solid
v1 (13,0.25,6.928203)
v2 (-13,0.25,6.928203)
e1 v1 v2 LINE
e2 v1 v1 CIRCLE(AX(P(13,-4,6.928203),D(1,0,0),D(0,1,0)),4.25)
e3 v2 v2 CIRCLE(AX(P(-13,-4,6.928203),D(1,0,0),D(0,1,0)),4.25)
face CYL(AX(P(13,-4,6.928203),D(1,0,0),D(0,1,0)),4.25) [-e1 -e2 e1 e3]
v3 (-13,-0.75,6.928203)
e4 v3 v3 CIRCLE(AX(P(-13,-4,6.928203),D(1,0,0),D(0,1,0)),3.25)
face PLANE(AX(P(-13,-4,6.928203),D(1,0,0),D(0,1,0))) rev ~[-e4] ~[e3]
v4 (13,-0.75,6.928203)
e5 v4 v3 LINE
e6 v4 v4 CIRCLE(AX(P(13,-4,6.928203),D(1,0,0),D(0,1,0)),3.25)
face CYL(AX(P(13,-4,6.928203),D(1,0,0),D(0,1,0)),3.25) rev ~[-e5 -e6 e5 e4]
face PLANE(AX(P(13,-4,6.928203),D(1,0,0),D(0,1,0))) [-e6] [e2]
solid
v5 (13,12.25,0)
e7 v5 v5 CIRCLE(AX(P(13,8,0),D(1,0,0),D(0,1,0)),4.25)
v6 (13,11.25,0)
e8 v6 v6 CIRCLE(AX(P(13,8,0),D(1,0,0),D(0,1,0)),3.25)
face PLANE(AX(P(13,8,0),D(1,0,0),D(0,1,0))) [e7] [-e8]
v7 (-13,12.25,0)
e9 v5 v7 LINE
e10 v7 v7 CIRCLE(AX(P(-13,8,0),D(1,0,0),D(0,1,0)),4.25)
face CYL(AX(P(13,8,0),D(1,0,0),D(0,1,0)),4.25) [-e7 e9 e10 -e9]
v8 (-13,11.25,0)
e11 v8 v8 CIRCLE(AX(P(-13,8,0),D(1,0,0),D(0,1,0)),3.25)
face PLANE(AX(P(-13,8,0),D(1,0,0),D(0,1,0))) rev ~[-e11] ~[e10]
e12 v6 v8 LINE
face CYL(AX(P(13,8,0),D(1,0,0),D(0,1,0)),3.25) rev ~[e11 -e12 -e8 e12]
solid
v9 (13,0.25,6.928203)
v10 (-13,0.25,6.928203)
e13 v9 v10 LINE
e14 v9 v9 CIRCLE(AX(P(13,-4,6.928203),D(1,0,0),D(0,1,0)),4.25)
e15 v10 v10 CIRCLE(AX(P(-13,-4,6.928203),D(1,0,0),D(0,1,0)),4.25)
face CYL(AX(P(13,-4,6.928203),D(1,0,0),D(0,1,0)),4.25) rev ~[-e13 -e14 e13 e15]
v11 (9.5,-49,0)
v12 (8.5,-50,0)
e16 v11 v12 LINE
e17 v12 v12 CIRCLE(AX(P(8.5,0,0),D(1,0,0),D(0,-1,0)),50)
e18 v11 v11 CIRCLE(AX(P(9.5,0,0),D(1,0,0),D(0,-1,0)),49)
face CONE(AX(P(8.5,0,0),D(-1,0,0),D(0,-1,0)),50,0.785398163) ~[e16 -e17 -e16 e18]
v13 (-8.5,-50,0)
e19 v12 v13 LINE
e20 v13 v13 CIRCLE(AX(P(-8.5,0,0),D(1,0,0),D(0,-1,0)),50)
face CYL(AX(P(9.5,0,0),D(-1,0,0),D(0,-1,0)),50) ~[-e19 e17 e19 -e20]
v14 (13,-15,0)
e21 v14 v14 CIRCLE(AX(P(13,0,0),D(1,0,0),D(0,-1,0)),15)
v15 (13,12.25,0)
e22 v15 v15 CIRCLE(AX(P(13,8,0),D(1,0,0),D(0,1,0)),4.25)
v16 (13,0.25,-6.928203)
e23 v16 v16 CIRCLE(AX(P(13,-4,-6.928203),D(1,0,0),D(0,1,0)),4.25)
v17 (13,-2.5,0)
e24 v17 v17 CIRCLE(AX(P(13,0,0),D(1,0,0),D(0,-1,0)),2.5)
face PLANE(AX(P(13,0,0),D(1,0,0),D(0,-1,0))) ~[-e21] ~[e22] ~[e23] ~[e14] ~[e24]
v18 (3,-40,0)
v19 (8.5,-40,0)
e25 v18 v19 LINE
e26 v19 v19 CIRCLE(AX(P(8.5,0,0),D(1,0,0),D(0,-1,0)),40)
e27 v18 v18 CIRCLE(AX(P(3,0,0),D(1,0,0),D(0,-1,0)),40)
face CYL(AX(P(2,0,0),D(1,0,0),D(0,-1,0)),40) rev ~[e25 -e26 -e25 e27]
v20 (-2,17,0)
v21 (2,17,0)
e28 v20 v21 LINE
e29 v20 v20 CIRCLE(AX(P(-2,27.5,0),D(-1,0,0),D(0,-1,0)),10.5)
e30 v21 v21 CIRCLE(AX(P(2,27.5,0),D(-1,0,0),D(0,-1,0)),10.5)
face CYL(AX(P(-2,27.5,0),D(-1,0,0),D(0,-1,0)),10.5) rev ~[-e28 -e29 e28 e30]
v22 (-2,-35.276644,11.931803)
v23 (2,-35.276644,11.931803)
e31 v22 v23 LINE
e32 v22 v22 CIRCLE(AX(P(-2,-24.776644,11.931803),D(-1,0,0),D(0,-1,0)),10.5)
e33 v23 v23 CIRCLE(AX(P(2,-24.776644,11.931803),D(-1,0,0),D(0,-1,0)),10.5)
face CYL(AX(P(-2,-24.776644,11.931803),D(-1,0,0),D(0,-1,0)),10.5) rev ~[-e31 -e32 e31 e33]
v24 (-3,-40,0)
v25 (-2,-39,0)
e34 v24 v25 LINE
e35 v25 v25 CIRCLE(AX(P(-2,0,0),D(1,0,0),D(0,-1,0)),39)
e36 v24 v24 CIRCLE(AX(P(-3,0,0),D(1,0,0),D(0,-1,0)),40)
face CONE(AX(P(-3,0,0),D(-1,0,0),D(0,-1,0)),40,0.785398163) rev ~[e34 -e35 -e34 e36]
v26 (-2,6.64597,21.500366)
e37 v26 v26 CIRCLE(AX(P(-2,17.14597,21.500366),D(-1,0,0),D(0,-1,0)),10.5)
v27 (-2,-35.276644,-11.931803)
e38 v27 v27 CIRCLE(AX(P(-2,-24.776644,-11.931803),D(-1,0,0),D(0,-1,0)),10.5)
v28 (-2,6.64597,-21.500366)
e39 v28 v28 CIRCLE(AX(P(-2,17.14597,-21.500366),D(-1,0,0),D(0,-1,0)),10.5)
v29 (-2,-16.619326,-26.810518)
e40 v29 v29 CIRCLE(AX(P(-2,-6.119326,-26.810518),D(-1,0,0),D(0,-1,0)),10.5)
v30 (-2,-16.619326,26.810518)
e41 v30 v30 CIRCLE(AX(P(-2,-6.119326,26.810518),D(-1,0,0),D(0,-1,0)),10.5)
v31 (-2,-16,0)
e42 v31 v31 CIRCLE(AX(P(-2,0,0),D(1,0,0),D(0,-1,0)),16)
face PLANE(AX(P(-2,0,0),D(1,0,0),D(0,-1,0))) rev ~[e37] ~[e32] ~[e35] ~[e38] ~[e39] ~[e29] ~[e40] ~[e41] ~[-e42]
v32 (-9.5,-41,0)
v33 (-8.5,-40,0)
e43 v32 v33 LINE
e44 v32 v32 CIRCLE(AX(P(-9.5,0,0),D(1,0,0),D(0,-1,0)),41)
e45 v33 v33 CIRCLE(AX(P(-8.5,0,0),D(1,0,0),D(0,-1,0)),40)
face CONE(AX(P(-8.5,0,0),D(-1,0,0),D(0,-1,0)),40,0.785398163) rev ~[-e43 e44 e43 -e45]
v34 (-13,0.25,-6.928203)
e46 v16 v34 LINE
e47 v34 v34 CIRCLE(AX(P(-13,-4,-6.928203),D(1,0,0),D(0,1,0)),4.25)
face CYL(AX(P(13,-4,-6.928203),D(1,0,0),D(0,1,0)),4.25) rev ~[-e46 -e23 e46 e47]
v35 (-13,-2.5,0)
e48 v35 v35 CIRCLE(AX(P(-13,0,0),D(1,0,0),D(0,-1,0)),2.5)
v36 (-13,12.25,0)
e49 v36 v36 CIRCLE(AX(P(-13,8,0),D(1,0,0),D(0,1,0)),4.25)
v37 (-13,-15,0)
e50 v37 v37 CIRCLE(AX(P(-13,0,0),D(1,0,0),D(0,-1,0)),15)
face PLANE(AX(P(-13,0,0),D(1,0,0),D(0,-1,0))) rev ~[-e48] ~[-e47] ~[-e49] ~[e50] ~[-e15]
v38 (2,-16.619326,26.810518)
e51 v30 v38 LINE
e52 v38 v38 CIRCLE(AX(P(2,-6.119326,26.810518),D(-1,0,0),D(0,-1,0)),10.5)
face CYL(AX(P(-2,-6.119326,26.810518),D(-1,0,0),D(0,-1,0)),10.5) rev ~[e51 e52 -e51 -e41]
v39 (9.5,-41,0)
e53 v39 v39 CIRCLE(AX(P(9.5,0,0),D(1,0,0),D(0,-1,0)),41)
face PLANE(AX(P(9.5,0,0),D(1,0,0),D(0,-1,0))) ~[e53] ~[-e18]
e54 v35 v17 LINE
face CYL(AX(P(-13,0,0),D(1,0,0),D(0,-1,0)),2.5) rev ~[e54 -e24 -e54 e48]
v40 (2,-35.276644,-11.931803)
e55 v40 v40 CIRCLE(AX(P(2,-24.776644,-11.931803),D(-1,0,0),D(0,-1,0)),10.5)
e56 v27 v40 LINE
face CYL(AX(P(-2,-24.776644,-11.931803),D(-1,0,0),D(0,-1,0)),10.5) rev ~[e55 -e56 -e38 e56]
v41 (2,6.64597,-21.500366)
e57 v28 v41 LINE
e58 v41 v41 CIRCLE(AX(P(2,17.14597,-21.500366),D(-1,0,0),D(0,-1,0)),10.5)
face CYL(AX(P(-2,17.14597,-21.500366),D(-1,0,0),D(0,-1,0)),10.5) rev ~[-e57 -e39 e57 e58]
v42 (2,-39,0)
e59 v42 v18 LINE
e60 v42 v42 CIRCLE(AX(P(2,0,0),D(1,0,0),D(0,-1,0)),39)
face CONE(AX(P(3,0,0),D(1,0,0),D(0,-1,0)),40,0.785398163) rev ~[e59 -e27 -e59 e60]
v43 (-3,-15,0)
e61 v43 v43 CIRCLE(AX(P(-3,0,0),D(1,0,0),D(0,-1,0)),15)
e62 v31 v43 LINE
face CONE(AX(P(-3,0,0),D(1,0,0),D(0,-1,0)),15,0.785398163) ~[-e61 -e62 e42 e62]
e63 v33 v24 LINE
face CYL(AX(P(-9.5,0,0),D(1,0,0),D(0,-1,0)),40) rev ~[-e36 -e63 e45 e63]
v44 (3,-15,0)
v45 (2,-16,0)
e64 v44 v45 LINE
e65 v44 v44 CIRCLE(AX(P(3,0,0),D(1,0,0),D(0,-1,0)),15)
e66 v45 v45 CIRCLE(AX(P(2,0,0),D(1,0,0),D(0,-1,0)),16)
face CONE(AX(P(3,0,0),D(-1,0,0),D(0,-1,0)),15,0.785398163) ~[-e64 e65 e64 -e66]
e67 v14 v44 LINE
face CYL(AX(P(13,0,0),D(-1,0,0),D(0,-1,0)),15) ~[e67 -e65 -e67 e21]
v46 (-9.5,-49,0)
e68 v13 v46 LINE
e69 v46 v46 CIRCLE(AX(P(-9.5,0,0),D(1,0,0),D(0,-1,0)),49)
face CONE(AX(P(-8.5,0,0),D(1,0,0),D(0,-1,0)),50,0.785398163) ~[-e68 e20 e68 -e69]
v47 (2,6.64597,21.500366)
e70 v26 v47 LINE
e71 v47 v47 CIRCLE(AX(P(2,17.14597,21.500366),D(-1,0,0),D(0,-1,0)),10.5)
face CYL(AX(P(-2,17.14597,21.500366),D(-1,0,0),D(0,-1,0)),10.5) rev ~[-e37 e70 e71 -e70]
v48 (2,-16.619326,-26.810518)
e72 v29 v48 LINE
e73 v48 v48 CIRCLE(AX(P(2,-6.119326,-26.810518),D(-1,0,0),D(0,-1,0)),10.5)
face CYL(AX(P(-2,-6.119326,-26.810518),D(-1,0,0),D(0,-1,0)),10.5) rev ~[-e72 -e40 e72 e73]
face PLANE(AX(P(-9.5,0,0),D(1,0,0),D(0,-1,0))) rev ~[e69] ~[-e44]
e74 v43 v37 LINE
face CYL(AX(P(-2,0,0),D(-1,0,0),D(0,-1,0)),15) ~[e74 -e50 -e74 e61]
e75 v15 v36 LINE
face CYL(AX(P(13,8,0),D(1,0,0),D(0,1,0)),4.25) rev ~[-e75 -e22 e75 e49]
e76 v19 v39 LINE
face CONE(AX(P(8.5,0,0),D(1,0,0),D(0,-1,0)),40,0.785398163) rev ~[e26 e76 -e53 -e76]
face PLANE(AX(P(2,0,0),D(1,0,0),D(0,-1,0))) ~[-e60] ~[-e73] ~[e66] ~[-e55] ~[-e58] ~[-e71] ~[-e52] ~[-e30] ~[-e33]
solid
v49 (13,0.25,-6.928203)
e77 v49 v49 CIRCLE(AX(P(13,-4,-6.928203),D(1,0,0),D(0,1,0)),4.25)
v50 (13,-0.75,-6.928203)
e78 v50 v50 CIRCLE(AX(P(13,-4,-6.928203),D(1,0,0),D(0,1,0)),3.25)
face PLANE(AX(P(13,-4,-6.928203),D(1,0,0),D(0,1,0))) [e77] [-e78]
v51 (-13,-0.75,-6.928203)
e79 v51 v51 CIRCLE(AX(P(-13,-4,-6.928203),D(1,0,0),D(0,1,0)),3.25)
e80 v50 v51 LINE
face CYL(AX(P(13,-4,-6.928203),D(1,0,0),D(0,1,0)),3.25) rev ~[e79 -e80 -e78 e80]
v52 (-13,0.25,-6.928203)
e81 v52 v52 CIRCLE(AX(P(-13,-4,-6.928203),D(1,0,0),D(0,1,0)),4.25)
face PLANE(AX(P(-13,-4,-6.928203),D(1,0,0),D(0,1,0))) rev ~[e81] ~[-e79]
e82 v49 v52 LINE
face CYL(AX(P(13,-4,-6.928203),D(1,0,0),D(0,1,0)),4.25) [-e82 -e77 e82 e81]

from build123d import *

# Parameters (mm, degrees)
PAH1_SIZE                     = 1
IZIM2_R                       = 10.5
KES_EKSTR_ZYON1_DEPTH         = 73.284161474
IZIM3_R                       = 4.25
KES_EKSTR_ZYON2_DEPTH         = 76.339232807
IZIM4_R                       = 4.25
IZIM4_R_2                     = 3.25
Y_KSEKLIK_EKSTR_ZYON2_DEPTH   = 26
Y_KSEKLIK_EKSTR_ZYON2_2_DEPTH = 26
Y_KSEKLIK_EKSTR_ZYON2_3_DEPTH = 26


with BuildPart() as part:
    # Çizim1 → Döndür1 (revolve)
    with BuildSketch(Plane.XY, mode=Mode.PRIVATE) as d_nd_r1_sk:
        Polygon((-13, 2.5), (13, 2.5), (13, 15), (2, 15), (2, 40), (9.5, 40), (9.5, 50), (-9.5, 50), (-9.5, 40), (-2, 40), (-2, 15), (-13, 15), align=None)
    revolve(d_nd_r1_sk.sketch.rotate(Axis((-43.259157892, 0, 0), (1, 0, 0)), 180), axis=Axis((-43.259157892, 0, 0), (1, 0, 0)))

    # Pah1
    pah1_edges = [part.edges().sort_by_distance(p)[0] for p in [
        (-2, 15, 0),
        (2, 15, 0),
        (2, 40, 0),
        (9.5, 40, 0),
        (9.5, 50, 0),
        (-9.5, 50, 0),
        (-9.5, 40, 0),
        (-2, 40, 0),
    ]]
    chamfer(pah1_edges, length=PAH1_SIZE)

    # Çizim2 → Kes-Ekstrüzyon1 (cut, through all)
    with BuildSketch(Plane.ZY.offset(2)):
        with Locations(Location((0, 27.5, 0), (0, 0, 270))):
            Circle(IZIM2_R)
        with Locations(Location((21.500365768, 17.145969551, 0), (0, 0, 270))):
            Circle(IZIM2_R)
        with Locations(Location((26.810517585, -6.119325684, 0), (0, 0, 270))):
            Circle(IZIM2_R)
        with Locations(Location((11.931802826, -24.776643867, 0), (0, 0, 270))):
            Circle(IZIM2_R)
        with Locations(Location((-11.931802826, -24.776643867, 0), (0, 0, 270))):
            Circle(IZIM2_R)
        with Locations(Location((-26.810517585, -6.119325684, 0), (0, 0, 270))):
            Circle(IZIM2_R)
        with Locations(Location((-21.500365768, 17.145969551, 0), (0, 0, 270))):
            Circle(IZIM2_R)
    extrude(amount=-KES_EKSTR_ZYON1_DEPTH, mode=Mode.SUBTRACT)

    # Çizim3 → Kes-Ekstrüzyon2 (cut, through all)
    with BuildSketch(Plane(origin=(13, 0, 0), x_dir=(0, 0, -1), z_dir=(1, 0, 0))):
        with Locations(Location((0, 8, 0), (0, 0, 90))):
            Circle(IZIM3_R)
        with Locations(Location((6.92820323, -4, 0), (0, 0, 90))):
            Circle(IZIM3_R)
        with Locations(Location((-6.92820323, -4, 0), (0, 0, 90))):
            Circle(IZIM3_R)
    extrude(amount=-KES_EKSTR_ZYON2_DEPTH, mode=Mode.SUBTRACT)


with BuildPart() as body_2:
    # Çizim4 → Yükseklik-Ekstrüzyon2 (new, through all)
    with BuildSketch(Plane(origin=(13, 0, 0), x_dir=(0, 0, -1), z_dir=(1, 0, 0))):
        with Locations(Location((-6.92820323, -4, 0), (0, 0, 90))):
            Circle(IZIM4_R)
        with Locations(Location((-6.92820323, -4, 0), (0, 0, 90))):
            Circle(IZIM4_R_2, mode=Mode.SUBTRACT)
    extrude(amount=-Y_KSEKLIK_EKSTR_ZYON2_DEPTH)


with BuildPart() as body_3:
    # Çizim4 → Y_kseklik-Ekstr_zyon2 2 (new, through all)
    with BuildSketch(Plane(origin=(13, 0, 0), x_dir=(0, 0, -1), z_dir=(1, 0, 0))):
        with Locations(Location((6.92820323, -4, 0), (0, 0, 90))):
            Circle(IZIM4_R)
        with Locations(Location((6.92820323, -4, 0), (0, 0, 90))):
            Circle(IZIM4_R_2, mode=Mode.SUBTRACT)
    extrude(amount=-Y_KSEKLIK_EKSTR_ZYON2_2_DEPTH)


with BuildPart() as body_4:
    # Çizim4 → Y_kseklik-Ekstr_zyon2 3 (new, through all)
    with BuildSketch(Plane(origin=(13, 0, 0), x_dir=(0, 0, -1), z_dir=(1, 0, 0))):
        with Locations(Location((0, 8, 0), (0, 0, 90))):
            Circle(IZIM4_R)
        with Locations(Location((0, 8, 0), (0, 0, 90))):
            Circle(IZIM4_R_2, mode=Mode.SUBTRACT)
    extrude(amount=-Y_KSEKLIK_EKSTR_ZYON2_3_DEPTH)


solid = Compound([part.part, body_2.part, body_3.part, body_4.part])
